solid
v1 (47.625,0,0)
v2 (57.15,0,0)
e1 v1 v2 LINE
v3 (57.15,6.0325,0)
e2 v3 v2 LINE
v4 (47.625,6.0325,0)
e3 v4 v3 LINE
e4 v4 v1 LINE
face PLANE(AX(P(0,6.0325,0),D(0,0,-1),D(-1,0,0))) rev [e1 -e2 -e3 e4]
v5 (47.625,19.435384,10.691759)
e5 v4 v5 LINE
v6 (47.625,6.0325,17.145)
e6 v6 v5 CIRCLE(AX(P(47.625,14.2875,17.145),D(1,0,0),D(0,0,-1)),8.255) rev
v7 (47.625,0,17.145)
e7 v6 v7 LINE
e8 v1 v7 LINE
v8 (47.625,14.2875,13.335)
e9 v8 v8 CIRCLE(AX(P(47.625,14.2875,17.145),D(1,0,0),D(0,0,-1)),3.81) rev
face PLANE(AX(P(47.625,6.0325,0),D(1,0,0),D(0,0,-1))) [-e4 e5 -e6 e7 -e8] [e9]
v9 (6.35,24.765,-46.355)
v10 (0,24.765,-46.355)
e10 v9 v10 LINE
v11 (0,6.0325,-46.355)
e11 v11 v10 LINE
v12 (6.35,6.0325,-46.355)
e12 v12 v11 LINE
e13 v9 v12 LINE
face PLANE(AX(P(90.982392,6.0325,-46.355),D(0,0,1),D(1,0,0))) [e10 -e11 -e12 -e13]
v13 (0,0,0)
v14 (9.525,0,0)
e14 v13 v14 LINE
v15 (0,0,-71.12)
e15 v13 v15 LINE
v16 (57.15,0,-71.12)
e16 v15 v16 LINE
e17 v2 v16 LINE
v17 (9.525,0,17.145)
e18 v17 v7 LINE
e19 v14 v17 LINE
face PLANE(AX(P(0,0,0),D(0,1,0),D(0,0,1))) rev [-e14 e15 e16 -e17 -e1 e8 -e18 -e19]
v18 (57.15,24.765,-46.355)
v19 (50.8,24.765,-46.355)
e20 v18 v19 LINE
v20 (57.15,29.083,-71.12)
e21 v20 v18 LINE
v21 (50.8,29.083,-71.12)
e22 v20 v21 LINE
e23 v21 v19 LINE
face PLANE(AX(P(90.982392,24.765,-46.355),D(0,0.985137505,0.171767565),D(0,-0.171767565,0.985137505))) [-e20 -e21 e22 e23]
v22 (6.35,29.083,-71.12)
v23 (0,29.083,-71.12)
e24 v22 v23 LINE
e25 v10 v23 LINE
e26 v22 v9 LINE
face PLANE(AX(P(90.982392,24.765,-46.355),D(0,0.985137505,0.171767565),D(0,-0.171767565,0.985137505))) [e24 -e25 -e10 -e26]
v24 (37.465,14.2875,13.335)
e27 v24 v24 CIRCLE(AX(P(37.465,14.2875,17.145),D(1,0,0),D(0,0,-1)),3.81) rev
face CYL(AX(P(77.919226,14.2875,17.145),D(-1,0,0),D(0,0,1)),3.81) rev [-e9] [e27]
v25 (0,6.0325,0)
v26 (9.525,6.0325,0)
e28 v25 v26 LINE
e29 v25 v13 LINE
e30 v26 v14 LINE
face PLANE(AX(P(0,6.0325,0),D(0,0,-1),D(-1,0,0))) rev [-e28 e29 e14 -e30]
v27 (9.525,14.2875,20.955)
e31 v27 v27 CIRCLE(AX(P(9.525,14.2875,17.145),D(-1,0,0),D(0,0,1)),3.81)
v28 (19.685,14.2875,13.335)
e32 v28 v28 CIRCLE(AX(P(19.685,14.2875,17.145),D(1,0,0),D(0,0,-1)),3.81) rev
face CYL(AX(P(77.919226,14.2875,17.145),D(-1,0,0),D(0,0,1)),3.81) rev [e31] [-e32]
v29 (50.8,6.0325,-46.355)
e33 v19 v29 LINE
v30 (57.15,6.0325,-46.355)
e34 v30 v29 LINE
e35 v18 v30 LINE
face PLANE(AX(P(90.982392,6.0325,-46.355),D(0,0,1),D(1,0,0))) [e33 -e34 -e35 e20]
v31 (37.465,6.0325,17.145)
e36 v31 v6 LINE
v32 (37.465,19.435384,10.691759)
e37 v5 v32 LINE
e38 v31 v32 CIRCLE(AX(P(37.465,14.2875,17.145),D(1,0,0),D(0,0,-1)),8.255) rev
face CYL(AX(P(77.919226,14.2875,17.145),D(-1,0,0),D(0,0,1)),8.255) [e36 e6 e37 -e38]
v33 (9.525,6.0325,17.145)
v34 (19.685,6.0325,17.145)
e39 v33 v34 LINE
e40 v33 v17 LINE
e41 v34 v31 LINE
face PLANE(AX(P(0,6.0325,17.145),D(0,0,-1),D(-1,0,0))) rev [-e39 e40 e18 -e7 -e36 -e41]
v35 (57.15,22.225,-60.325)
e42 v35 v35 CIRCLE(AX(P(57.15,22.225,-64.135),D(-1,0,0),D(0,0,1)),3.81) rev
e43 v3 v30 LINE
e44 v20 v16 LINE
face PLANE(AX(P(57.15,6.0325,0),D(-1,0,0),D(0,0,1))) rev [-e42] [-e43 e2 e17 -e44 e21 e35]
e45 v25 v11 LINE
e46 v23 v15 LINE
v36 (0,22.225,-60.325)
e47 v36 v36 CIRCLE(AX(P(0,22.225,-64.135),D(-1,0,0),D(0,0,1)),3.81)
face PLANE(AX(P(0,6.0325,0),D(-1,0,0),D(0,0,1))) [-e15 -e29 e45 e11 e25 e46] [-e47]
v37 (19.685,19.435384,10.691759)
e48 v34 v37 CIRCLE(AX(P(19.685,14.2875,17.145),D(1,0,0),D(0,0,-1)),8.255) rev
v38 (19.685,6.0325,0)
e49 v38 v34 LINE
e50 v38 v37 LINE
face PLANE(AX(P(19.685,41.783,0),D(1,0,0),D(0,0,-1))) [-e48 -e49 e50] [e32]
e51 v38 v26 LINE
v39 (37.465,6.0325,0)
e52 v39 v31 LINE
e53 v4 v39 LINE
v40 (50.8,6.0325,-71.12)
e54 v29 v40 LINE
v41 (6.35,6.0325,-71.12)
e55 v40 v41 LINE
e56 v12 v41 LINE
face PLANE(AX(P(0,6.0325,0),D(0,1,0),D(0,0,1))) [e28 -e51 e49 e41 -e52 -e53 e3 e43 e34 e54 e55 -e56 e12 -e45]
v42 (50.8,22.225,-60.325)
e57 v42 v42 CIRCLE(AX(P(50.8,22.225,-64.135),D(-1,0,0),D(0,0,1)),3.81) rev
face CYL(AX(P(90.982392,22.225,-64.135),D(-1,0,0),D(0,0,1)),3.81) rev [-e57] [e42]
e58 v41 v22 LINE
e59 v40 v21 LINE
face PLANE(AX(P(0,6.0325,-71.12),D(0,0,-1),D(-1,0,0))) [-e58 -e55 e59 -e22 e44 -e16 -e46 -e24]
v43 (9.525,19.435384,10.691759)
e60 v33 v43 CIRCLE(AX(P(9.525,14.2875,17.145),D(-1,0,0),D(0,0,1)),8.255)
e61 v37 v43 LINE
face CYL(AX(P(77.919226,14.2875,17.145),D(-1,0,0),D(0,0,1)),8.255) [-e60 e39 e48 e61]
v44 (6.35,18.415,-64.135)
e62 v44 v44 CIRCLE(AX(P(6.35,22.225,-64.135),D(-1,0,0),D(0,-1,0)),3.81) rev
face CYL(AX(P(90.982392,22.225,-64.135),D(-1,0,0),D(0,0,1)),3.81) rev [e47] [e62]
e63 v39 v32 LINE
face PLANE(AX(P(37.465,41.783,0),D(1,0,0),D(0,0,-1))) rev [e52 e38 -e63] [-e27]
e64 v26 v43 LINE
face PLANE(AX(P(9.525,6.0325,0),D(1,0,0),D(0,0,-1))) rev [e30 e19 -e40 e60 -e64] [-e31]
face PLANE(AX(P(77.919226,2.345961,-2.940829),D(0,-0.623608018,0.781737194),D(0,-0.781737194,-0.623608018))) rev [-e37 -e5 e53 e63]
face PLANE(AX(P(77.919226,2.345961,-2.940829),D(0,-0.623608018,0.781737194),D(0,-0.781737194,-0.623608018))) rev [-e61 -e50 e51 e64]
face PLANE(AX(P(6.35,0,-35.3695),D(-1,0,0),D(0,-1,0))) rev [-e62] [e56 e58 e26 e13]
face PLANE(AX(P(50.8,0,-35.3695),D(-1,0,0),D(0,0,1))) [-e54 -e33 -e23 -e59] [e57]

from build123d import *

# Parameters (mm, degrees)
SKETCH1_W           = 57.15
SKETCH1_H           = 71.12
SKETCH1_W_2         = 38.1
SKETCH1_H_2         = 17.145
BOSS_EXTRUDE1_DEPTH = 6.0325
SKETCH2_R           = 8.255
SKETCH2_R_2         = 3.81
BOSS_EXTRUDE2_DEPTH = 38.1
SKETCH3_W           = 17.78
SKETCH3_H           = 25.4
CUT_EXTRUDE1_DEPTH  = 35.7505
SKETCH4_R           = 3.81
BOSS_EXTRUDE3_DEPTH = 57.15
SKETCH5_W           = 44.45
SKETCH5_H           = 23.0505
CUT_EXTRUDE2_DEPTH  = 35.7505


with BuildPart() as part:
    # Sketch1 → Boss-Extrude1 (new body)
    with BuildSketch(Plane(origin=(0, 0, 0), x_dir=(1, 0, 0), z_dir=(0, 1, 0))):
        with Locations((28.575, 35.56)):
            Rectangle(SKETCH1_W, SKETCH1_H)
        with Locations((28.575, -8.5725)):
            Rectangle(SKETCH1_W_2, SKETCH1_H_2)
    extrude(amount=BOSS_EXTRUDE1_DEPTH)

    # Sketch2 → Boss-Extrude2 (add)
    with BuildSketch(Plane.ZY.offset(-9.525)):
        with BuildLine():
            Line((10.691759465, 19.435384187), (0, 6.0325))
            Line((0, 6.0325), (17.145, 6.0325))
            ThreePointArc((17.145, 6.0325), (9.707231216, 10.706352067), (10.691759465, 19.435384187))
        make_face()
        with Locations((17.145, 14.2875)):
            Circle(SKETCH2_R)
        with Locations((17.145, 14.2875)):
            Circle(SKETCH2_R_2, mode=Mode.SUBTRACT)
    extrude(amount=-BOSS_EXTRUDE2_DEPTH)

    # Sketch3 → Cut-Extrude1 (cut)
    with BuildSketch(Plane(origin=(0, 6.0325, 0), x_dir=(1, 0, 0), z_dir=(0, 1, 0))):
        with Locations((28.575, -12.7)):
            Rectangle(SKETCH3_W, SKETCH3_H)
    extrude(amount=CUT_EXTRUDE1_DEPTH, mode=Mode.SUBTRACT)

    # Sketch4 → Boss-Extrude3 (add)
    with BuildSketch(Plane.ZY):
        Polygon((-46.355, 6.0325), (-46.355, 24.765), (-71.12, 29.083), (-71.12, 6.0325), align=None)
        with Locations((-64.135, 22.225)):
            Circle(SKETCH4_R, mode=Mode.SUBTRACT)
    extrude(amount=-BOSS_EXTRUDE3_DEPTH)

    # Sketch5 → Cut-Extrude2 (cut)
    with BuildSketch(Plane(origin=(0, 0, -71.12), x_dir=(-1, 0, 0), z_dir=(0, 0, -1))):
        with Locations((-28.575, 17.55775)):
            Rectangle(SKETCH5_W, SKETCH5_H)
    extrude(amount=-CUT_EXTRUDE2_DEPTH, mode=Mode.SUBTRACT)


solid = part.part
